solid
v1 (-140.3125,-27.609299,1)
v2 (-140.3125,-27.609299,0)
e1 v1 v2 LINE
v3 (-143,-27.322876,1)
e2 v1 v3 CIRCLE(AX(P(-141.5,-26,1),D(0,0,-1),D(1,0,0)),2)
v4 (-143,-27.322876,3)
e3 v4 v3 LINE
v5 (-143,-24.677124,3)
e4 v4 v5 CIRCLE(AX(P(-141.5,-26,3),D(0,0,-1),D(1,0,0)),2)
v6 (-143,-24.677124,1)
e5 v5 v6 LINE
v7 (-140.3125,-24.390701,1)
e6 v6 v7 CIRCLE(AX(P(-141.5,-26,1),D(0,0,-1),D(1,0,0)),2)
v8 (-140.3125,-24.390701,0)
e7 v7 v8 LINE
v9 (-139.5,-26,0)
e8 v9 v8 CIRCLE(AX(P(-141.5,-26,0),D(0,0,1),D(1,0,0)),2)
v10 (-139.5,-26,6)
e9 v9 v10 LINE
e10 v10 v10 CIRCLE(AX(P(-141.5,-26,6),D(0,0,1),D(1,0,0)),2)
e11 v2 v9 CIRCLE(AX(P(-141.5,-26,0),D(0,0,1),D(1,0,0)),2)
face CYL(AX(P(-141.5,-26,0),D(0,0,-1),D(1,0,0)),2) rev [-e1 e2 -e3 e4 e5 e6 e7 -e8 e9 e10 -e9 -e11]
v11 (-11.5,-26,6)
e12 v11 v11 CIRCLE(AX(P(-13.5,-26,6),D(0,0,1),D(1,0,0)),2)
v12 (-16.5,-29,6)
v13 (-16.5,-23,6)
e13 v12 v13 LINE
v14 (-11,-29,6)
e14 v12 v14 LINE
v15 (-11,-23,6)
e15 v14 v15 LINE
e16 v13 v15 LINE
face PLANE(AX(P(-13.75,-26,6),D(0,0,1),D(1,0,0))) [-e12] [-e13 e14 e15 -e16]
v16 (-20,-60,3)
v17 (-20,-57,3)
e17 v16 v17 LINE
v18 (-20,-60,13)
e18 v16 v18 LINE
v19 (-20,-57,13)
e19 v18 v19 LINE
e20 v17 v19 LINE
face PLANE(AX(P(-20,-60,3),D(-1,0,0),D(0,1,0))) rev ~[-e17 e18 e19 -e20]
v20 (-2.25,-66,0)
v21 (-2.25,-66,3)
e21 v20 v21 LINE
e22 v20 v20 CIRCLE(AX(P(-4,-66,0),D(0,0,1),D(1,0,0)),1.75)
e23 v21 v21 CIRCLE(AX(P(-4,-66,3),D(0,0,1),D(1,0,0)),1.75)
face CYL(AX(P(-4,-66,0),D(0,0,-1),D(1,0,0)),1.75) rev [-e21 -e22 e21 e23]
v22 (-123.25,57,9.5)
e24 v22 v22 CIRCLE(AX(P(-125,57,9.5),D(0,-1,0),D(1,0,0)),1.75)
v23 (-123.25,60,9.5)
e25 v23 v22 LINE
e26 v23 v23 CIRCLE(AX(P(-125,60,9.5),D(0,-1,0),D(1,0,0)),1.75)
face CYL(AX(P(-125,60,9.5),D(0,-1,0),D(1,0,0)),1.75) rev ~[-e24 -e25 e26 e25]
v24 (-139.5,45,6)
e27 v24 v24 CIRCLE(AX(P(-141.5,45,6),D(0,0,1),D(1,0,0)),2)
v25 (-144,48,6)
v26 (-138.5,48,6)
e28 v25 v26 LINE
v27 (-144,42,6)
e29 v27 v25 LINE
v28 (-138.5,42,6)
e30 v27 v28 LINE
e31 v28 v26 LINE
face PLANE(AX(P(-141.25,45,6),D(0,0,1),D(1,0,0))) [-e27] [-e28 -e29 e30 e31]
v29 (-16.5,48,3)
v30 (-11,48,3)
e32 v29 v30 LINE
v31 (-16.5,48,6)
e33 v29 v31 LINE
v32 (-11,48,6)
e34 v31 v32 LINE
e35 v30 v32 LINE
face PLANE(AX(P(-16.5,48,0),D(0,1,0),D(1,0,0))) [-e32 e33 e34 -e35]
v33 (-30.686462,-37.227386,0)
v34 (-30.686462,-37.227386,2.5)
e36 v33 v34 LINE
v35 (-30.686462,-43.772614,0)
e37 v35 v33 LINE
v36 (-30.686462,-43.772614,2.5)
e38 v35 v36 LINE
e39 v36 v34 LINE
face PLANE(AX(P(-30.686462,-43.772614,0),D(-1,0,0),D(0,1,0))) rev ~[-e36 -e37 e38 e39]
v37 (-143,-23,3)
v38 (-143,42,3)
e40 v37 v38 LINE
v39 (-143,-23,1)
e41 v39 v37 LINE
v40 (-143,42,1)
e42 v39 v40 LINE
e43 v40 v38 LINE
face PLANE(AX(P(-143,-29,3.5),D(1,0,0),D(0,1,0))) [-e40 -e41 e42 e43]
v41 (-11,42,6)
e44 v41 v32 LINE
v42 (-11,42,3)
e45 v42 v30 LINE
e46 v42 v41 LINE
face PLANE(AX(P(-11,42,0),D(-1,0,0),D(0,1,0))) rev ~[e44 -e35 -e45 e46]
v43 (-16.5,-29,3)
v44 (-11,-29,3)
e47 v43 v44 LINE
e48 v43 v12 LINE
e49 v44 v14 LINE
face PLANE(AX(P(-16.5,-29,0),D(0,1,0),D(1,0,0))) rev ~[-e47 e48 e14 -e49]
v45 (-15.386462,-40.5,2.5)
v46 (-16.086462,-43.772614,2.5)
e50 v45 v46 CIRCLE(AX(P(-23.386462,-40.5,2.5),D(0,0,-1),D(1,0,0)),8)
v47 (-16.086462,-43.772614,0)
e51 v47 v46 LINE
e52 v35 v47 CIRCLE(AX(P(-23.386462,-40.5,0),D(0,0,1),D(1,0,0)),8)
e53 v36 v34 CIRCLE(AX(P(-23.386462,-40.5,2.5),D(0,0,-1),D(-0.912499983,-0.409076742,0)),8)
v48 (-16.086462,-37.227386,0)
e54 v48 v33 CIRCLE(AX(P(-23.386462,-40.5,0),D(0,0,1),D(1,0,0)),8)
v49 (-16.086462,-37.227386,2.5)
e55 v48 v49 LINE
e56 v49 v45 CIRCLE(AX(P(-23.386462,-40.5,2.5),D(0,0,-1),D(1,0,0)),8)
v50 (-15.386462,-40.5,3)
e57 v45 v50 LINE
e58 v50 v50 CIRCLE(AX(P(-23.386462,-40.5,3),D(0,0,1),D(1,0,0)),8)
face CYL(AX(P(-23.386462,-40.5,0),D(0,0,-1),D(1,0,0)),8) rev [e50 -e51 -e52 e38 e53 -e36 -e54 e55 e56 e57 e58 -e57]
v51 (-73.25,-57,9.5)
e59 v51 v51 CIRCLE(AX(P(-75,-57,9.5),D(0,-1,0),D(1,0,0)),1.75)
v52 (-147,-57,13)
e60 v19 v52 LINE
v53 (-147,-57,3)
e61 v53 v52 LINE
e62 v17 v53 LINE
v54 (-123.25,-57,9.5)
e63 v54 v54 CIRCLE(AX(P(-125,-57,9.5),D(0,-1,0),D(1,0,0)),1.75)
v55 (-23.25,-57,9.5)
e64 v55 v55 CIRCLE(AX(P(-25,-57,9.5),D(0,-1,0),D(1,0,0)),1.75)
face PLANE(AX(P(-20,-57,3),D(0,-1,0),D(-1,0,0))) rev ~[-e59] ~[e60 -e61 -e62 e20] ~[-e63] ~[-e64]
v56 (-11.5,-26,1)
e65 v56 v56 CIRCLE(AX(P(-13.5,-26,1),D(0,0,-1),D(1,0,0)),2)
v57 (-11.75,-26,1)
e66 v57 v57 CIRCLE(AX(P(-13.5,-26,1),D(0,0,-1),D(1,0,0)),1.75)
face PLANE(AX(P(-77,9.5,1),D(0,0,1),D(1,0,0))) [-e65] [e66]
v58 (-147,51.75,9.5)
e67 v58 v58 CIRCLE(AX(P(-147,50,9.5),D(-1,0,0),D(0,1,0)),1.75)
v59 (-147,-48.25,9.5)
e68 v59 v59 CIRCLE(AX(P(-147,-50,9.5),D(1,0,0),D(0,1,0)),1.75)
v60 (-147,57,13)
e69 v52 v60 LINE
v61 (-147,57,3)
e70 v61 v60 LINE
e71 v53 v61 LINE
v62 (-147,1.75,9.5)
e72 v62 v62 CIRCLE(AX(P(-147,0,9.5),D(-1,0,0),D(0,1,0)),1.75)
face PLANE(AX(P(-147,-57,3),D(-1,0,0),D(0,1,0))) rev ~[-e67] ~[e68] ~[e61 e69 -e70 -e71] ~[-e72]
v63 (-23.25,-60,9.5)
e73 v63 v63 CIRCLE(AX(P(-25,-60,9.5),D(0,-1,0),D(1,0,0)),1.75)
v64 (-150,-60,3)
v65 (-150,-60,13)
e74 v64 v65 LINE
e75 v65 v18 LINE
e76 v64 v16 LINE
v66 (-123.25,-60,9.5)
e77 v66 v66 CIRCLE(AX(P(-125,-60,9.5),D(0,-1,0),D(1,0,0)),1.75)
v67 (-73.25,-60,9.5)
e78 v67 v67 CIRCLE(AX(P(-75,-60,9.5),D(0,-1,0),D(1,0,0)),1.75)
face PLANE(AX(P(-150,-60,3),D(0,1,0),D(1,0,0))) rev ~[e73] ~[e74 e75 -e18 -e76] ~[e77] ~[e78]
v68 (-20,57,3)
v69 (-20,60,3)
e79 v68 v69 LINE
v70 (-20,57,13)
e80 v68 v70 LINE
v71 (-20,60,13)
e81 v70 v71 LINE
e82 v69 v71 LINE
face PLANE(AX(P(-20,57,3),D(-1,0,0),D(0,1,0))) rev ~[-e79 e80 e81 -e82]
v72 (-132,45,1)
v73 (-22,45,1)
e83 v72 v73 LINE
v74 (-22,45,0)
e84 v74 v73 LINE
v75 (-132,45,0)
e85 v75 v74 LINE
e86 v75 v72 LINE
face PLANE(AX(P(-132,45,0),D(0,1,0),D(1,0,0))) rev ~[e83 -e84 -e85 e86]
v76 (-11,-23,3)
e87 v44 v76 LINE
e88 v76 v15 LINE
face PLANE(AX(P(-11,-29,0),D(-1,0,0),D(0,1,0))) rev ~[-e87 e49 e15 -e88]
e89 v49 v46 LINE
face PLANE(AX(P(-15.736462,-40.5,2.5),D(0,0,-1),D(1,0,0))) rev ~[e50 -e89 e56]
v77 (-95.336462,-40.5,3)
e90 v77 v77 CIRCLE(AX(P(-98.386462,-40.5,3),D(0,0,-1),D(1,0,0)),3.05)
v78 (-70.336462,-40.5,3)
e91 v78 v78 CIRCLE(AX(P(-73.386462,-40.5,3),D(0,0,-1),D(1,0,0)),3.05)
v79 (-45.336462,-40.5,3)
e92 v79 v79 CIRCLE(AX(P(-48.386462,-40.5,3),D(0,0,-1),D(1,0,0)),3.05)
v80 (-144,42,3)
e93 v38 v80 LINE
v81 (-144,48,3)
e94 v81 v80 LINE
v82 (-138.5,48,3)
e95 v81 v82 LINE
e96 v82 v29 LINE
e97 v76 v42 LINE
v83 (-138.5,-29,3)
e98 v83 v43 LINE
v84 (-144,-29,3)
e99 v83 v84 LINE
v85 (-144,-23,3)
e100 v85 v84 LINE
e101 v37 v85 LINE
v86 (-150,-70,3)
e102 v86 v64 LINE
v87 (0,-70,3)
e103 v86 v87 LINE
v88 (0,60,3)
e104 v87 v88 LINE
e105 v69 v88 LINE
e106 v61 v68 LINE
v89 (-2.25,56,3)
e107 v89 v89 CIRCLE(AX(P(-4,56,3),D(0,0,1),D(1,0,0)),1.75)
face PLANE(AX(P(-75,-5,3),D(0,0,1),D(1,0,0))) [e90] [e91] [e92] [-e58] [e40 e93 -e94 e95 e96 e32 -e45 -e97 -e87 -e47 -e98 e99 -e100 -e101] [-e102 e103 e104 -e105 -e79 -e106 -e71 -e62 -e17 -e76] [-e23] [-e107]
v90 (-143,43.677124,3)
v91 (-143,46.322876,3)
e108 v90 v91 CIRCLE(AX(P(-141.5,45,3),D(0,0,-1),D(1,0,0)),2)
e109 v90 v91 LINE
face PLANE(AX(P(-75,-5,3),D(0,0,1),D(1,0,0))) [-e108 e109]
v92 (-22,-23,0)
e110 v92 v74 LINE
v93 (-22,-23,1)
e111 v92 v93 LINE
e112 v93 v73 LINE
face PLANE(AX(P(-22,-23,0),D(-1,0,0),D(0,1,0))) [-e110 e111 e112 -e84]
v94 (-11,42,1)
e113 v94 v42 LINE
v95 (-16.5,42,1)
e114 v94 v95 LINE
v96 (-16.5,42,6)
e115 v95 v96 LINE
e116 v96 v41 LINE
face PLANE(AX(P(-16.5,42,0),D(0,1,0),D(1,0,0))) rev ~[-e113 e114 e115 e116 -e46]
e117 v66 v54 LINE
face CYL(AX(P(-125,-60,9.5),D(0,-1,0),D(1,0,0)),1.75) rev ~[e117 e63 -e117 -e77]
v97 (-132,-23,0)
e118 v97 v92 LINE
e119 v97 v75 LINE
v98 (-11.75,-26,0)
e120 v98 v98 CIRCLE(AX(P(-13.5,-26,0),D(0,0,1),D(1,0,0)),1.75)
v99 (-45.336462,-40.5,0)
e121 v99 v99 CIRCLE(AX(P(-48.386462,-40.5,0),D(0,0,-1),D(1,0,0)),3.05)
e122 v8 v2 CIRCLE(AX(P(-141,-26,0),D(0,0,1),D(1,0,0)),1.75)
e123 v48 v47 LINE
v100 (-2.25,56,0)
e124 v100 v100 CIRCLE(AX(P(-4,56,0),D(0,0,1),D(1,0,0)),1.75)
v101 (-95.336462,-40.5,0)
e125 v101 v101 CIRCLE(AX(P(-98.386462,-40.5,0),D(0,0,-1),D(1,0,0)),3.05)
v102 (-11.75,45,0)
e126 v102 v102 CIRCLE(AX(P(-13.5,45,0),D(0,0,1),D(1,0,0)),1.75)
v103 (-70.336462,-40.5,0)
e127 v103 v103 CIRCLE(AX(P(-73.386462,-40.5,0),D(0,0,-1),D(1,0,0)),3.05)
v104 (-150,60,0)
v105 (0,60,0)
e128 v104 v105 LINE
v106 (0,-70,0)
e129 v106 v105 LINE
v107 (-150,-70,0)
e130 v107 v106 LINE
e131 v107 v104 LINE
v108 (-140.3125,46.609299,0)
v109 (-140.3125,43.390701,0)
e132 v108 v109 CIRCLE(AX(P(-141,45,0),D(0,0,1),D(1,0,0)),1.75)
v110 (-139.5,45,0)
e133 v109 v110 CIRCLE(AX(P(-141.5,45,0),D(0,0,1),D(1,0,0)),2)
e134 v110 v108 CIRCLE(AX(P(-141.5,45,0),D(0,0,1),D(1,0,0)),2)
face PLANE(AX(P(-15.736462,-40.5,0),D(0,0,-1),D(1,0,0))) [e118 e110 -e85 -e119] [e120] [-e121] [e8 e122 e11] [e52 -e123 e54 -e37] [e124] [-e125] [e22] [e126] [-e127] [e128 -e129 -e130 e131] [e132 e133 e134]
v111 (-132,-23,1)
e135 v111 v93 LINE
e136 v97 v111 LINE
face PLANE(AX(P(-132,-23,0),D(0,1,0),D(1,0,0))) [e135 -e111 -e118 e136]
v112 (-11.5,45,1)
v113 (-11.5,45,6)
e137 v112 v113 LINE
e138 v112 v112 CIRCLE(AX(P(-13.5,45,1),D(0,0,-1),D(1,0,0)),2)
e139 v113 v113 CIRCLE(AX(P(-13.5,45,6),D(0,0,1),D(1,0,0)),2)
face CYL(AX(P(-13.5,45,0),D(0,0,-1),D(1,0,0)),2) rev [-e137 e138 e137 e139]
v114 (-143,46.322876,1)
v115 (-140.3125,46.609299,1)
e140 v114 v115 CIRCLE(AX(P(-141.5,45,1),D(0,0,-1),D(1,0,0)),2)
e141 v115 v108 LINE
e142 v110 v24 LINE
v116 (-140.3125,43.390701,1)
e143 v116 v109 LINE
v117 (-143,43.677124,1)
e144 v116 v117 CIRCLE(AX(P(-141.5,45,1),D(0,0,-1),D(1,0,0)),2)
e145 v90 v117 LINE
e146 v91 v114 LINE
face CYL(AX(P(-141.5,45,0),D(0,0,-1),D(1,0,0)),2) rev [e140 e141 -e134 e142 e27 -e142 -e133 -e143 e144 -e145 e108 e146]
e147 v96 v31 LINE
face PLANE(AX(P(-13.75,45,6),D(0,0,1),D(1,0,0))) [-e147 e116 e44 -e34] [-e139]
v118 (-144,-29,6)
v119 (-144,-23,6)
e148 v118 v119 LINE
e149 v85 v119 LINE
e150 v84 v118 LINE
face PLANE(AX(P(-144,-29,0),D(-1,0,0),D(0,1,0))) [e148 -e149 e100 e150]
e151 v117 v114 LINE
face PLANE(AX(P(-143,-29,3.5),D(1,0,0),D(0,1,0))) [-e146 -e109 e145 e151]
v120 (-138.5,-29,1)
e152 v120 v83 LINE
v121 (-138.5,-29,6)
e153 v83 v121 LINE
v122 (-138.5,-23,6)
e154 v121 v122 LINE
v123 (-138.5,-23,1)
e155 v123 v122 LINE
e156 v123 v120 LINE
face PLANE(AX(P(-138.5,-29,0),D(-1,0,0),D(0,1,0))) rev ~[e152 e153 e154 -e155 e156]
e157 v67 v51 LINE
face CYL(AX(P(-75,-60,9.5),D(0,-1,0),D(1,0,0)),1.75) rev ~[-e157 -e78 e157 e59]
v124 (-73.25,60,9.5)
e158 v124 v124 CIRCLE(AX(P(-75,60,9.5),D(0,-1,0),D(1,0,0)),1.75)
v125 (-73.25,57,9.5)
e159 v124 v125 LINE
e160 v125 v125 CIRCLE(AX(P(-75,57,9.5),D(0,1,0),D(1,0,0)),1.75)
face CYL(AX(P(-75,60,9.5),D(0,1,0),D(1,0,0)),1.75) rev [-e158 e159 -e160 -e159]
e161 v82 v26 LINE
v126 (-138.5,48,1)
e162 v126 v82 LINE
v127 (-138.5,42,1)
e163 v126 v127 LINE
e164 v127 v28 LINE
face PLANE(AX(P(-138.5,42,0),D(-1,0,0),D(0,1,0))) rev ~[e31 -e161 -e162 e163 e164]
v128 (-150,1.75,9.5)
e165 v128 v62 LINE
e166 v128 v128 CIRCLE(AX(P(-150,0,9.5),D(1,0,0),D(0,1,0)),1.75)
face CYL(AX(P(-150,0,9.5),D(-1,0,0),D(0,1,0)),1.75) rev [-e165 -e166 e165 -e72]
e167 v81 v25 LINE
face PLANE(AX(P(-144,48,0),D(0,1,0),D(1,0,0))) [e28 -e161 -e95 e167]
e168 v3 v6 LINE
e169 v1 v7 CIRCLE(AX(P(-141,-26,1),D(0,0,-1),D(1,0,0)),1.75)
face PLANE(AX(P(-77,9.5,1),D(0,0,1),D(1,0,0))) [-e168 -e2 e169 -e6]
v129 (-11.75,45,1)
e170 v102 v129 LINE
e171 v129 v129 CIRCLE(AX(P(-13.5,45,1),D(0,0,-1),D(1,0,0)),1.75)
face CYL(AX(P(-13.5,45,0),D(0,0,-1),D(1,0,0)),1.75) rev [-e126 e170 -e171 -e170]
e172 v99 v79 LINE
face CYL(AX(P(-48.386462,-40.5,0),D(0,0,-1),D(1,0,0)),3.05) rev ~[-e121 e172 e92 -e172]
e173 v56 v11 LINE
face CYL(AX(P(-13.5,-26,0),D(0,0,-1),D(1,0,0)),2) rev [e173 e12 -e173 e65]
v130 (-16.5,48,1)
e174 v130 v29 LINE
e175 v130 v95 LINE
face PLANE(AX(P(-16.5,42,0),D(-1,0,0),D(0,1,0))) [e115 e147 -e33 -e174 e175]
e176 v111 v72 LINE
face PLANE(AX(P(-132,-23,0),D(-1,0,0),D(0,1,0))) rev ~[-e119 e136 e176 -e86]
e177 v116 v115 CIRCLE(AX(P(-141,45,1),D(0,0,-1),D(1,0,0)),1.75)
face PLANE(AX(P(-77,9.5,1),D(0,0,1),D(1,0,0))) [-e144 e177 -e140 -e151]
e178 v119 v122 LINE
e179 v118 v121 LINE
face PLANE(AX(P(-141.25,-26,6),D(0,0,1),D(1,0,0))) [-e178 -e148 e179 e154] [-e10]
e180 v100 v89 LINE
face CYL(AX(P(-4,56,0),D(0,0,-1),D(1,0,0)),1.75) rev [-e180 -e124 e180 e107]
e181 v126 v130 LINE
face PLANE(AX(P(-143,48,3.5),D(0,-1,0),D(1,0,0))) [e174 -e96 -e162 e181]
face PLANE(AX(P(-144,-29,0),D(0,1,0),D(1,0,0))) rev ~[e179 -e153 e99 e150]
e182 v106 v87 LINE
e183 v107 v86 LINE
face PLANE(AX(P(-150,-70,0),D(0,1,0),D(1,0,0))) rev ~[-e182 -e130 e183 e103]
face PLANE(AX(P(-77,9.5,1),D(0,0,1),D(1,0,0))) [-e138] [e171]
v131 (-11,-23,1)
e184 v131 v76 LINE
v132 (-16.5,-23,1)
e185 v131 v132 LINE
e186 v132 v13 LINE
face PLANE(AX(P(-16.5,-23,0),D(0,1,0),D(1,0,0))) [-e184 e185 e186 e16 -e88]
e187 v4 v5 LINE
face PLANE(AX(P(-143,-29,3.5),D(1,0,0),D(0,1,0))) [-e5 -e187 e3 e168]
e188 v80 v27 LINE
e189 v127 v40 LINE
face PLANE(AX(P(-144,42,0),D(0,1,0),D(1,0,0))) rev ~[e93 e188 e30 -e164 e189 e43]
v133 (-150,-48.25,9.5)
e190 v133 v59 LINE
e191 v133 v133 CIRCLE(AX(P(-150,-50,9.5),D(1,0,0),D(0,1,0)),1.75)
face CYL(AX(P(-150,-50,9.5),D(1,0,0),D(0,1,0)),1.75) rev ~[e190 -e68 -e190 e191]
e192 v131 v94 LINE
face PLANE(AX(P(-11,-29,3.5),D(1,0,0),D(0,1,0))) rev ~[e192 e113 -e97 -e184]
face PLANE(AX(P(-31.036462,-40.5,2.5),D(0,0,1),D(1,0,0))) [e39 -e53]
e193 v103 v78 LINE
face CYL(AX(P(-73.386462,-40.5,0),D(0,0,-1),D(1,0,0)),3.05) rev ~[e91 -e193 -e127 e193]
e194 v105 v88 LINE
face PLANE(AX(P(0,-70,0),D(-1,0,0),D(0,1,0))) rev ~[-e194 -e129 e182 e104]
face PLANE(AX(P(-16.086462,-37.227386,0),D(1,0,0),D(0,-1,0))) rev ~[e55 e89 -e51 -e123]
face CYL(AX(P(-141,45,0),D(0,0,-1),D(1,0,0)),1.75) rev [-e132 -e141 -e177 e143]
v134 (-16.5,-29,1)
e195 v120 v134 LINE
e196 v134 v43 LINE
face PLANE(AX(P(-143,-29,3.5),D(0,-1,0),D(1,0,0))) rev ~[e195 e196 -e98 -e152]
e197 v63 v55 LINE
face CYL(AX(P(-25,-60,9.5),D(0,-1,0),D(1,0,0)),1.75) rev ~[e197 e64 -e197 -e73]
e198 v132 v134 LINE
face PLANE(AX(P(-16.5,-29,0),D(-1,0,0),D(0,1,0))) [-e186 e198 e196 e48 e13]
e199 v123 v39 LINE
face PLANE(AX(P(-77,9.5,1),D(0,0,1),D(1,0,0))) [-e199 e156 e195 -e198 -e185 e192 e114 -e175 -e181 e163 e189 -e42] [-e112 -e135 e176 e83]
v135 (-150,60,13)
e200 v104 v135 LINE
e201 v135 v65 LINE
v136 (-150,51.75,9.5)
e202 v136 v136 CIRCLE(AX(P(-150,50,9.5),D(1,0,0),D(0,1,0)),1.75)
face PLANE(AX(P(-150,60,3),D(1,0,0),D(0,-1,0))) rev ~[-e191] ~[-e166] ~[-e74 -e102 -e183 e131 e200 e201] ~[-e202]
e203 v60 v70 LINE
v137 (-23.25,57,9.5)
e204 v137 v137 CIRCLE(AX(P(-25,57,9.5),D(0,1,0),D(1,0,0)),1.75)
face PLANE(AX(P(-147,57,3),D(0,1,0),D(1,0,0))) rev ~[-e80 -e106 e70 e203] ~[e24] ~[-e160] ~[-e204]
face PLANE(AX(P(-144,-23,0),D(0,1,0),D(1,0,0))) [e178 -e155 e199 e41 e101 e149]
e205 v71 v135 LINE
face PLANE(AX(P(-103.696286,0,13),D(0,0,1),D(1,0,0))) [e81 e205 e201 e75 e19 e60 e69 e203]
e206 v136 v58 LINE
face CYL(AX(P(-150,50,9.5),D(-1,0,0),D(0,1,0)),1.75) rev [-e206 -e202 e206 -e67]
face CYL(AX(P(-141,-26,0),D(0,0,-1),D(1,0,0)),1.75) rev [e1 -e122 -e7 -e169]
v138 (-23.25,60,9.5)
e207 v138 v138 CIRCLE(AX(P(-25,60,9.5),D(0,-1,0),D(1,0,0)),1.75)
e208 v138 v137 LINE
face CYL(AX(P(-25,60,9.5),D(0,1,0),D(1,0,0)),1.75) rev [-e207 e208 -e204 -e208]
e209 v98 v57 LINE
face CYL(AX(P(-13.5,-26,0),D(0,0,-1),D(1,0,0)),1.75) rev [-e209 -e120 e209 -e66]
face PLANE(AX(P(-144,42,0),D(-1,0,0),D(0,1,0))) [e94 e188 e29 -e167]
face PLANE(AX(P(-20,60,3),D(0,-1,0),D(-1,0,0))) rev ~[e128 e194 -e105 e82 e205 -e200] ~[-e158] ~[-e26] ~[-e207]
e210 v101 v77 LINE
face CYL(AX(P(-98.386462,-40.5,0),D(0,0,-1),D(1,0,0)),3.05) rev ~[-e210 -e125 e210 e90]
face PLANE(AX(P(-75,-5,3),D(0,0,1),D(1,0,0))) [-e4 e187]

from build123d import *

# Parameters (mm, degrees)
SKETCH_W        = 150
SKETCH_H        = 130
SKETCH_R        = 8
SKETCH_R_2      = 1.75
SKETCH_W_2      = 110
SKETCH_H_2      = 68
PAD_DEPTH       = 3
SKETCH002_W     = 132
SKETCH002_H     = 77
POCKET001_DEPTH = 2.5
SKETCH007_W     = 5.5
SKETCH007_H     = 6
SKETCH007_R     = 2
PAD002_DEPTH    = 6
PAD003_DEPTH    = 10
SKETCH010_R     = 1.75
POCKET002_DEPTH = 6
SKETCH011_R     = 1.75
POCKET003_DEPTH = 7.5
SKETCH012_R     = 1.75
POCKET004_DEPTH = 7.5
SKETCH014_W     = 0.7
SKETCH014_H     = 6.545228
PAD004_DEPTH    = 2.5
SKETCH015_R     = 3.05
POCKET_DEPTH    = 13.001
SKETCH016_W     = 0.7
SKETCH016_H     = 6.545228
PAD005_DEPTH    = 2.5


with BuildPart() as part:
    # Sketch → Pad (new body)
    with BuildSketch(Plane.XY):
        with Locations((-75, -5)):
            Rectangle(SKETCH_W, SKETCH_H)
        with Locations((-23.386462, -40.5)):
            Circle(SKETCH_R, mode=Mode.SUBTRACT)
        with Locations((-141, 45)):
            Circle(SKETCH_R_2, mode=Mode.SUBTRACT)
        with Locations((-141, -26)):
            Circle(SKETCH_R_2, mode=Mode.SUBTRACT)
        with Locations((-13.5, 45)):
            Circle(SKETCH_R_2, mode=Mode.SUBTRACT)
        with Locations((-13.5, -26)):
            Circle(SKETCH_R_2, mode=Mode.SUBTRACT)
        with Locations((-4, 56)):
            Circle(SKETCH_R_2, mode=Mode.SUBTRACT)
        with Locations((-4, -66)):
            Circle(SKETCH_R_2, mode=Mode.SUBTRACT)
        with Locations((-77, 11)):
            Rectangle(SKETCH_W_2, SKETCH_H_2, mode=Mode.SUBTRACT)
    extrude(amount=PAD_DEPTH)

    # Sketch002 → Pocket001 (cut)
    with BuildSketch(Plane.XY.offset(3.5)):
        with Locations((-77, 9.5)):
            Rectangle(SKETCH002_W, SKETCH002_H)
    extrude(amount=-POCKET001_DEPTH, mode=Mode.SUBTRACT)

    # Sketch007 → Pad002 (join)
    with BuildSketch(Plane.XY):
        with Locations((-141.25, 45)):
            Rectangle(SKETCH007_W, SKETCH007_H)
        with Locations((-141.5, 45)):
            Circle(SKETCH007_R, mode=Mode.SUBTRACT)
        with Locations((-13.75, 45)):
            Rectangle(SKETCH007_W, SKETCH007_H)
        with Locations((-13.5, 45)):
            Circle(SKETCH007_R, mode=Mode.SUBTRACT)
        with Locations((-13.75, -26)):
            Rectangle(SKETCH007_W, SKETCH007_H)
        with Locations((-13.5, -26)):
            Circle(SKETCH007_R, mode=Mode.SUBTRACT)
        with Locations((-141.25, -26)):
            Rectangle(SKETCH007_W, SKETCH007_H)
        with Locations((-141.5, -26)):
            Circle(SKETCH007_R, mode=Mode.SUBTRACT)
    extrude(amount=PAD002_DEPTH)

    # Sketch003 (on DatumPlane) → Pad003 (join)
    with BuildSketch(Plane.XY.offset(3)):
        Polygon((-20, 60), (-150, 60), (-150, -60), (-20, -60), (-20, -57), (-147, -57), (-147, 57), (-20, 57), align=None)
    extrude(amount=PAD003_DEPTH)

    # Sketch010 → Pocket002 (cut)
    with BuildSketch(Plane.XZ.offset(60)):
        with Locations((-125, 9.5)):
            Circle(SKETCH010_R)
        with Locations((-25, 9.5)):
            Circle(SKETCH010_R)
        with Locations((-75, 9.5)):
            Circle(SKETCH010_R)
    extrude(amount=-POCKET002_DEPTH, mode=Mode.SUBTRACT)

    # Sketch011 → Pocket003 (cut, symmetric)
    with BuildSketch(Plane.XZ.offset(-60)):
        with Locations((-75, 9.5)):
            Circle(SKETCH011_R)
        with Locations((-25, 9.5)):
            Circle(SKETCH011_R)
        with Locations((-125, 9.5)):
            Circle(SKETCH011_R)
    extrude(amount=POCKET003_DEPTH, both=True, mode=Mode.SUBTRACT)

    # Sketch012 (on DatumPlane) → Pocket004 (cut, symmetric)
    with BuildSketch(Plane.YZ.offset(-150)):
        with Locations((0, 9.5)):
            Circle(SKETCH012_R)
        with Locations((50, 9.5)):
            Circle(SKETCH012_R)
        with Locations((-50, 9.5)):
            Circle(SKETCH012_R)
    extrude(amount=POCKET004_DEPTH, both=True, mode=Mode.SUBTRACT)

    # Sketch014 → Pad004 (join)
    with BuildSketch(Plane.XY):
        with Locations((-31.036462, -40.5)):
            Rectangle(SKETCH014_W, SKETCH014_H)
    extrude(amount=PAD004_DEPTH)

    # Sketch015 (on Face4 of Pad004) → Pocket (cut, through all)
    with BuildSketch(Plane(origin=(0, 0, 0), x_dir=(1, 0, 0), z_dir=(0, 0, -1))):
        with Locations((-48.386462, 40.5)):
            Circle(SKETCH015_R)
        with Locations((-73.386462, 40.5)):
            Circle(SKETCH015_R)
        with Locations((-98.386462, 40.5)):
            Circle(SKETCH015_R)
    extrude(amount=-POCKET_DEPTH, mode=Mode.SUBTRACT)

    # Sketch016 (on Face4 of Pocket) → Pad005 (join)
    with BuildSketch(Plane(origin=(0, 0, 0), x_dir=(1, 0, 0), z_dir=(0, 0, -1))):
        with Locations((-15.736462, 40.5)):
            Rectangle(SKETCH016_W, SKETCH016_H)
    extrude(amount=-PAD005_DEPTH)


solid = part.part
